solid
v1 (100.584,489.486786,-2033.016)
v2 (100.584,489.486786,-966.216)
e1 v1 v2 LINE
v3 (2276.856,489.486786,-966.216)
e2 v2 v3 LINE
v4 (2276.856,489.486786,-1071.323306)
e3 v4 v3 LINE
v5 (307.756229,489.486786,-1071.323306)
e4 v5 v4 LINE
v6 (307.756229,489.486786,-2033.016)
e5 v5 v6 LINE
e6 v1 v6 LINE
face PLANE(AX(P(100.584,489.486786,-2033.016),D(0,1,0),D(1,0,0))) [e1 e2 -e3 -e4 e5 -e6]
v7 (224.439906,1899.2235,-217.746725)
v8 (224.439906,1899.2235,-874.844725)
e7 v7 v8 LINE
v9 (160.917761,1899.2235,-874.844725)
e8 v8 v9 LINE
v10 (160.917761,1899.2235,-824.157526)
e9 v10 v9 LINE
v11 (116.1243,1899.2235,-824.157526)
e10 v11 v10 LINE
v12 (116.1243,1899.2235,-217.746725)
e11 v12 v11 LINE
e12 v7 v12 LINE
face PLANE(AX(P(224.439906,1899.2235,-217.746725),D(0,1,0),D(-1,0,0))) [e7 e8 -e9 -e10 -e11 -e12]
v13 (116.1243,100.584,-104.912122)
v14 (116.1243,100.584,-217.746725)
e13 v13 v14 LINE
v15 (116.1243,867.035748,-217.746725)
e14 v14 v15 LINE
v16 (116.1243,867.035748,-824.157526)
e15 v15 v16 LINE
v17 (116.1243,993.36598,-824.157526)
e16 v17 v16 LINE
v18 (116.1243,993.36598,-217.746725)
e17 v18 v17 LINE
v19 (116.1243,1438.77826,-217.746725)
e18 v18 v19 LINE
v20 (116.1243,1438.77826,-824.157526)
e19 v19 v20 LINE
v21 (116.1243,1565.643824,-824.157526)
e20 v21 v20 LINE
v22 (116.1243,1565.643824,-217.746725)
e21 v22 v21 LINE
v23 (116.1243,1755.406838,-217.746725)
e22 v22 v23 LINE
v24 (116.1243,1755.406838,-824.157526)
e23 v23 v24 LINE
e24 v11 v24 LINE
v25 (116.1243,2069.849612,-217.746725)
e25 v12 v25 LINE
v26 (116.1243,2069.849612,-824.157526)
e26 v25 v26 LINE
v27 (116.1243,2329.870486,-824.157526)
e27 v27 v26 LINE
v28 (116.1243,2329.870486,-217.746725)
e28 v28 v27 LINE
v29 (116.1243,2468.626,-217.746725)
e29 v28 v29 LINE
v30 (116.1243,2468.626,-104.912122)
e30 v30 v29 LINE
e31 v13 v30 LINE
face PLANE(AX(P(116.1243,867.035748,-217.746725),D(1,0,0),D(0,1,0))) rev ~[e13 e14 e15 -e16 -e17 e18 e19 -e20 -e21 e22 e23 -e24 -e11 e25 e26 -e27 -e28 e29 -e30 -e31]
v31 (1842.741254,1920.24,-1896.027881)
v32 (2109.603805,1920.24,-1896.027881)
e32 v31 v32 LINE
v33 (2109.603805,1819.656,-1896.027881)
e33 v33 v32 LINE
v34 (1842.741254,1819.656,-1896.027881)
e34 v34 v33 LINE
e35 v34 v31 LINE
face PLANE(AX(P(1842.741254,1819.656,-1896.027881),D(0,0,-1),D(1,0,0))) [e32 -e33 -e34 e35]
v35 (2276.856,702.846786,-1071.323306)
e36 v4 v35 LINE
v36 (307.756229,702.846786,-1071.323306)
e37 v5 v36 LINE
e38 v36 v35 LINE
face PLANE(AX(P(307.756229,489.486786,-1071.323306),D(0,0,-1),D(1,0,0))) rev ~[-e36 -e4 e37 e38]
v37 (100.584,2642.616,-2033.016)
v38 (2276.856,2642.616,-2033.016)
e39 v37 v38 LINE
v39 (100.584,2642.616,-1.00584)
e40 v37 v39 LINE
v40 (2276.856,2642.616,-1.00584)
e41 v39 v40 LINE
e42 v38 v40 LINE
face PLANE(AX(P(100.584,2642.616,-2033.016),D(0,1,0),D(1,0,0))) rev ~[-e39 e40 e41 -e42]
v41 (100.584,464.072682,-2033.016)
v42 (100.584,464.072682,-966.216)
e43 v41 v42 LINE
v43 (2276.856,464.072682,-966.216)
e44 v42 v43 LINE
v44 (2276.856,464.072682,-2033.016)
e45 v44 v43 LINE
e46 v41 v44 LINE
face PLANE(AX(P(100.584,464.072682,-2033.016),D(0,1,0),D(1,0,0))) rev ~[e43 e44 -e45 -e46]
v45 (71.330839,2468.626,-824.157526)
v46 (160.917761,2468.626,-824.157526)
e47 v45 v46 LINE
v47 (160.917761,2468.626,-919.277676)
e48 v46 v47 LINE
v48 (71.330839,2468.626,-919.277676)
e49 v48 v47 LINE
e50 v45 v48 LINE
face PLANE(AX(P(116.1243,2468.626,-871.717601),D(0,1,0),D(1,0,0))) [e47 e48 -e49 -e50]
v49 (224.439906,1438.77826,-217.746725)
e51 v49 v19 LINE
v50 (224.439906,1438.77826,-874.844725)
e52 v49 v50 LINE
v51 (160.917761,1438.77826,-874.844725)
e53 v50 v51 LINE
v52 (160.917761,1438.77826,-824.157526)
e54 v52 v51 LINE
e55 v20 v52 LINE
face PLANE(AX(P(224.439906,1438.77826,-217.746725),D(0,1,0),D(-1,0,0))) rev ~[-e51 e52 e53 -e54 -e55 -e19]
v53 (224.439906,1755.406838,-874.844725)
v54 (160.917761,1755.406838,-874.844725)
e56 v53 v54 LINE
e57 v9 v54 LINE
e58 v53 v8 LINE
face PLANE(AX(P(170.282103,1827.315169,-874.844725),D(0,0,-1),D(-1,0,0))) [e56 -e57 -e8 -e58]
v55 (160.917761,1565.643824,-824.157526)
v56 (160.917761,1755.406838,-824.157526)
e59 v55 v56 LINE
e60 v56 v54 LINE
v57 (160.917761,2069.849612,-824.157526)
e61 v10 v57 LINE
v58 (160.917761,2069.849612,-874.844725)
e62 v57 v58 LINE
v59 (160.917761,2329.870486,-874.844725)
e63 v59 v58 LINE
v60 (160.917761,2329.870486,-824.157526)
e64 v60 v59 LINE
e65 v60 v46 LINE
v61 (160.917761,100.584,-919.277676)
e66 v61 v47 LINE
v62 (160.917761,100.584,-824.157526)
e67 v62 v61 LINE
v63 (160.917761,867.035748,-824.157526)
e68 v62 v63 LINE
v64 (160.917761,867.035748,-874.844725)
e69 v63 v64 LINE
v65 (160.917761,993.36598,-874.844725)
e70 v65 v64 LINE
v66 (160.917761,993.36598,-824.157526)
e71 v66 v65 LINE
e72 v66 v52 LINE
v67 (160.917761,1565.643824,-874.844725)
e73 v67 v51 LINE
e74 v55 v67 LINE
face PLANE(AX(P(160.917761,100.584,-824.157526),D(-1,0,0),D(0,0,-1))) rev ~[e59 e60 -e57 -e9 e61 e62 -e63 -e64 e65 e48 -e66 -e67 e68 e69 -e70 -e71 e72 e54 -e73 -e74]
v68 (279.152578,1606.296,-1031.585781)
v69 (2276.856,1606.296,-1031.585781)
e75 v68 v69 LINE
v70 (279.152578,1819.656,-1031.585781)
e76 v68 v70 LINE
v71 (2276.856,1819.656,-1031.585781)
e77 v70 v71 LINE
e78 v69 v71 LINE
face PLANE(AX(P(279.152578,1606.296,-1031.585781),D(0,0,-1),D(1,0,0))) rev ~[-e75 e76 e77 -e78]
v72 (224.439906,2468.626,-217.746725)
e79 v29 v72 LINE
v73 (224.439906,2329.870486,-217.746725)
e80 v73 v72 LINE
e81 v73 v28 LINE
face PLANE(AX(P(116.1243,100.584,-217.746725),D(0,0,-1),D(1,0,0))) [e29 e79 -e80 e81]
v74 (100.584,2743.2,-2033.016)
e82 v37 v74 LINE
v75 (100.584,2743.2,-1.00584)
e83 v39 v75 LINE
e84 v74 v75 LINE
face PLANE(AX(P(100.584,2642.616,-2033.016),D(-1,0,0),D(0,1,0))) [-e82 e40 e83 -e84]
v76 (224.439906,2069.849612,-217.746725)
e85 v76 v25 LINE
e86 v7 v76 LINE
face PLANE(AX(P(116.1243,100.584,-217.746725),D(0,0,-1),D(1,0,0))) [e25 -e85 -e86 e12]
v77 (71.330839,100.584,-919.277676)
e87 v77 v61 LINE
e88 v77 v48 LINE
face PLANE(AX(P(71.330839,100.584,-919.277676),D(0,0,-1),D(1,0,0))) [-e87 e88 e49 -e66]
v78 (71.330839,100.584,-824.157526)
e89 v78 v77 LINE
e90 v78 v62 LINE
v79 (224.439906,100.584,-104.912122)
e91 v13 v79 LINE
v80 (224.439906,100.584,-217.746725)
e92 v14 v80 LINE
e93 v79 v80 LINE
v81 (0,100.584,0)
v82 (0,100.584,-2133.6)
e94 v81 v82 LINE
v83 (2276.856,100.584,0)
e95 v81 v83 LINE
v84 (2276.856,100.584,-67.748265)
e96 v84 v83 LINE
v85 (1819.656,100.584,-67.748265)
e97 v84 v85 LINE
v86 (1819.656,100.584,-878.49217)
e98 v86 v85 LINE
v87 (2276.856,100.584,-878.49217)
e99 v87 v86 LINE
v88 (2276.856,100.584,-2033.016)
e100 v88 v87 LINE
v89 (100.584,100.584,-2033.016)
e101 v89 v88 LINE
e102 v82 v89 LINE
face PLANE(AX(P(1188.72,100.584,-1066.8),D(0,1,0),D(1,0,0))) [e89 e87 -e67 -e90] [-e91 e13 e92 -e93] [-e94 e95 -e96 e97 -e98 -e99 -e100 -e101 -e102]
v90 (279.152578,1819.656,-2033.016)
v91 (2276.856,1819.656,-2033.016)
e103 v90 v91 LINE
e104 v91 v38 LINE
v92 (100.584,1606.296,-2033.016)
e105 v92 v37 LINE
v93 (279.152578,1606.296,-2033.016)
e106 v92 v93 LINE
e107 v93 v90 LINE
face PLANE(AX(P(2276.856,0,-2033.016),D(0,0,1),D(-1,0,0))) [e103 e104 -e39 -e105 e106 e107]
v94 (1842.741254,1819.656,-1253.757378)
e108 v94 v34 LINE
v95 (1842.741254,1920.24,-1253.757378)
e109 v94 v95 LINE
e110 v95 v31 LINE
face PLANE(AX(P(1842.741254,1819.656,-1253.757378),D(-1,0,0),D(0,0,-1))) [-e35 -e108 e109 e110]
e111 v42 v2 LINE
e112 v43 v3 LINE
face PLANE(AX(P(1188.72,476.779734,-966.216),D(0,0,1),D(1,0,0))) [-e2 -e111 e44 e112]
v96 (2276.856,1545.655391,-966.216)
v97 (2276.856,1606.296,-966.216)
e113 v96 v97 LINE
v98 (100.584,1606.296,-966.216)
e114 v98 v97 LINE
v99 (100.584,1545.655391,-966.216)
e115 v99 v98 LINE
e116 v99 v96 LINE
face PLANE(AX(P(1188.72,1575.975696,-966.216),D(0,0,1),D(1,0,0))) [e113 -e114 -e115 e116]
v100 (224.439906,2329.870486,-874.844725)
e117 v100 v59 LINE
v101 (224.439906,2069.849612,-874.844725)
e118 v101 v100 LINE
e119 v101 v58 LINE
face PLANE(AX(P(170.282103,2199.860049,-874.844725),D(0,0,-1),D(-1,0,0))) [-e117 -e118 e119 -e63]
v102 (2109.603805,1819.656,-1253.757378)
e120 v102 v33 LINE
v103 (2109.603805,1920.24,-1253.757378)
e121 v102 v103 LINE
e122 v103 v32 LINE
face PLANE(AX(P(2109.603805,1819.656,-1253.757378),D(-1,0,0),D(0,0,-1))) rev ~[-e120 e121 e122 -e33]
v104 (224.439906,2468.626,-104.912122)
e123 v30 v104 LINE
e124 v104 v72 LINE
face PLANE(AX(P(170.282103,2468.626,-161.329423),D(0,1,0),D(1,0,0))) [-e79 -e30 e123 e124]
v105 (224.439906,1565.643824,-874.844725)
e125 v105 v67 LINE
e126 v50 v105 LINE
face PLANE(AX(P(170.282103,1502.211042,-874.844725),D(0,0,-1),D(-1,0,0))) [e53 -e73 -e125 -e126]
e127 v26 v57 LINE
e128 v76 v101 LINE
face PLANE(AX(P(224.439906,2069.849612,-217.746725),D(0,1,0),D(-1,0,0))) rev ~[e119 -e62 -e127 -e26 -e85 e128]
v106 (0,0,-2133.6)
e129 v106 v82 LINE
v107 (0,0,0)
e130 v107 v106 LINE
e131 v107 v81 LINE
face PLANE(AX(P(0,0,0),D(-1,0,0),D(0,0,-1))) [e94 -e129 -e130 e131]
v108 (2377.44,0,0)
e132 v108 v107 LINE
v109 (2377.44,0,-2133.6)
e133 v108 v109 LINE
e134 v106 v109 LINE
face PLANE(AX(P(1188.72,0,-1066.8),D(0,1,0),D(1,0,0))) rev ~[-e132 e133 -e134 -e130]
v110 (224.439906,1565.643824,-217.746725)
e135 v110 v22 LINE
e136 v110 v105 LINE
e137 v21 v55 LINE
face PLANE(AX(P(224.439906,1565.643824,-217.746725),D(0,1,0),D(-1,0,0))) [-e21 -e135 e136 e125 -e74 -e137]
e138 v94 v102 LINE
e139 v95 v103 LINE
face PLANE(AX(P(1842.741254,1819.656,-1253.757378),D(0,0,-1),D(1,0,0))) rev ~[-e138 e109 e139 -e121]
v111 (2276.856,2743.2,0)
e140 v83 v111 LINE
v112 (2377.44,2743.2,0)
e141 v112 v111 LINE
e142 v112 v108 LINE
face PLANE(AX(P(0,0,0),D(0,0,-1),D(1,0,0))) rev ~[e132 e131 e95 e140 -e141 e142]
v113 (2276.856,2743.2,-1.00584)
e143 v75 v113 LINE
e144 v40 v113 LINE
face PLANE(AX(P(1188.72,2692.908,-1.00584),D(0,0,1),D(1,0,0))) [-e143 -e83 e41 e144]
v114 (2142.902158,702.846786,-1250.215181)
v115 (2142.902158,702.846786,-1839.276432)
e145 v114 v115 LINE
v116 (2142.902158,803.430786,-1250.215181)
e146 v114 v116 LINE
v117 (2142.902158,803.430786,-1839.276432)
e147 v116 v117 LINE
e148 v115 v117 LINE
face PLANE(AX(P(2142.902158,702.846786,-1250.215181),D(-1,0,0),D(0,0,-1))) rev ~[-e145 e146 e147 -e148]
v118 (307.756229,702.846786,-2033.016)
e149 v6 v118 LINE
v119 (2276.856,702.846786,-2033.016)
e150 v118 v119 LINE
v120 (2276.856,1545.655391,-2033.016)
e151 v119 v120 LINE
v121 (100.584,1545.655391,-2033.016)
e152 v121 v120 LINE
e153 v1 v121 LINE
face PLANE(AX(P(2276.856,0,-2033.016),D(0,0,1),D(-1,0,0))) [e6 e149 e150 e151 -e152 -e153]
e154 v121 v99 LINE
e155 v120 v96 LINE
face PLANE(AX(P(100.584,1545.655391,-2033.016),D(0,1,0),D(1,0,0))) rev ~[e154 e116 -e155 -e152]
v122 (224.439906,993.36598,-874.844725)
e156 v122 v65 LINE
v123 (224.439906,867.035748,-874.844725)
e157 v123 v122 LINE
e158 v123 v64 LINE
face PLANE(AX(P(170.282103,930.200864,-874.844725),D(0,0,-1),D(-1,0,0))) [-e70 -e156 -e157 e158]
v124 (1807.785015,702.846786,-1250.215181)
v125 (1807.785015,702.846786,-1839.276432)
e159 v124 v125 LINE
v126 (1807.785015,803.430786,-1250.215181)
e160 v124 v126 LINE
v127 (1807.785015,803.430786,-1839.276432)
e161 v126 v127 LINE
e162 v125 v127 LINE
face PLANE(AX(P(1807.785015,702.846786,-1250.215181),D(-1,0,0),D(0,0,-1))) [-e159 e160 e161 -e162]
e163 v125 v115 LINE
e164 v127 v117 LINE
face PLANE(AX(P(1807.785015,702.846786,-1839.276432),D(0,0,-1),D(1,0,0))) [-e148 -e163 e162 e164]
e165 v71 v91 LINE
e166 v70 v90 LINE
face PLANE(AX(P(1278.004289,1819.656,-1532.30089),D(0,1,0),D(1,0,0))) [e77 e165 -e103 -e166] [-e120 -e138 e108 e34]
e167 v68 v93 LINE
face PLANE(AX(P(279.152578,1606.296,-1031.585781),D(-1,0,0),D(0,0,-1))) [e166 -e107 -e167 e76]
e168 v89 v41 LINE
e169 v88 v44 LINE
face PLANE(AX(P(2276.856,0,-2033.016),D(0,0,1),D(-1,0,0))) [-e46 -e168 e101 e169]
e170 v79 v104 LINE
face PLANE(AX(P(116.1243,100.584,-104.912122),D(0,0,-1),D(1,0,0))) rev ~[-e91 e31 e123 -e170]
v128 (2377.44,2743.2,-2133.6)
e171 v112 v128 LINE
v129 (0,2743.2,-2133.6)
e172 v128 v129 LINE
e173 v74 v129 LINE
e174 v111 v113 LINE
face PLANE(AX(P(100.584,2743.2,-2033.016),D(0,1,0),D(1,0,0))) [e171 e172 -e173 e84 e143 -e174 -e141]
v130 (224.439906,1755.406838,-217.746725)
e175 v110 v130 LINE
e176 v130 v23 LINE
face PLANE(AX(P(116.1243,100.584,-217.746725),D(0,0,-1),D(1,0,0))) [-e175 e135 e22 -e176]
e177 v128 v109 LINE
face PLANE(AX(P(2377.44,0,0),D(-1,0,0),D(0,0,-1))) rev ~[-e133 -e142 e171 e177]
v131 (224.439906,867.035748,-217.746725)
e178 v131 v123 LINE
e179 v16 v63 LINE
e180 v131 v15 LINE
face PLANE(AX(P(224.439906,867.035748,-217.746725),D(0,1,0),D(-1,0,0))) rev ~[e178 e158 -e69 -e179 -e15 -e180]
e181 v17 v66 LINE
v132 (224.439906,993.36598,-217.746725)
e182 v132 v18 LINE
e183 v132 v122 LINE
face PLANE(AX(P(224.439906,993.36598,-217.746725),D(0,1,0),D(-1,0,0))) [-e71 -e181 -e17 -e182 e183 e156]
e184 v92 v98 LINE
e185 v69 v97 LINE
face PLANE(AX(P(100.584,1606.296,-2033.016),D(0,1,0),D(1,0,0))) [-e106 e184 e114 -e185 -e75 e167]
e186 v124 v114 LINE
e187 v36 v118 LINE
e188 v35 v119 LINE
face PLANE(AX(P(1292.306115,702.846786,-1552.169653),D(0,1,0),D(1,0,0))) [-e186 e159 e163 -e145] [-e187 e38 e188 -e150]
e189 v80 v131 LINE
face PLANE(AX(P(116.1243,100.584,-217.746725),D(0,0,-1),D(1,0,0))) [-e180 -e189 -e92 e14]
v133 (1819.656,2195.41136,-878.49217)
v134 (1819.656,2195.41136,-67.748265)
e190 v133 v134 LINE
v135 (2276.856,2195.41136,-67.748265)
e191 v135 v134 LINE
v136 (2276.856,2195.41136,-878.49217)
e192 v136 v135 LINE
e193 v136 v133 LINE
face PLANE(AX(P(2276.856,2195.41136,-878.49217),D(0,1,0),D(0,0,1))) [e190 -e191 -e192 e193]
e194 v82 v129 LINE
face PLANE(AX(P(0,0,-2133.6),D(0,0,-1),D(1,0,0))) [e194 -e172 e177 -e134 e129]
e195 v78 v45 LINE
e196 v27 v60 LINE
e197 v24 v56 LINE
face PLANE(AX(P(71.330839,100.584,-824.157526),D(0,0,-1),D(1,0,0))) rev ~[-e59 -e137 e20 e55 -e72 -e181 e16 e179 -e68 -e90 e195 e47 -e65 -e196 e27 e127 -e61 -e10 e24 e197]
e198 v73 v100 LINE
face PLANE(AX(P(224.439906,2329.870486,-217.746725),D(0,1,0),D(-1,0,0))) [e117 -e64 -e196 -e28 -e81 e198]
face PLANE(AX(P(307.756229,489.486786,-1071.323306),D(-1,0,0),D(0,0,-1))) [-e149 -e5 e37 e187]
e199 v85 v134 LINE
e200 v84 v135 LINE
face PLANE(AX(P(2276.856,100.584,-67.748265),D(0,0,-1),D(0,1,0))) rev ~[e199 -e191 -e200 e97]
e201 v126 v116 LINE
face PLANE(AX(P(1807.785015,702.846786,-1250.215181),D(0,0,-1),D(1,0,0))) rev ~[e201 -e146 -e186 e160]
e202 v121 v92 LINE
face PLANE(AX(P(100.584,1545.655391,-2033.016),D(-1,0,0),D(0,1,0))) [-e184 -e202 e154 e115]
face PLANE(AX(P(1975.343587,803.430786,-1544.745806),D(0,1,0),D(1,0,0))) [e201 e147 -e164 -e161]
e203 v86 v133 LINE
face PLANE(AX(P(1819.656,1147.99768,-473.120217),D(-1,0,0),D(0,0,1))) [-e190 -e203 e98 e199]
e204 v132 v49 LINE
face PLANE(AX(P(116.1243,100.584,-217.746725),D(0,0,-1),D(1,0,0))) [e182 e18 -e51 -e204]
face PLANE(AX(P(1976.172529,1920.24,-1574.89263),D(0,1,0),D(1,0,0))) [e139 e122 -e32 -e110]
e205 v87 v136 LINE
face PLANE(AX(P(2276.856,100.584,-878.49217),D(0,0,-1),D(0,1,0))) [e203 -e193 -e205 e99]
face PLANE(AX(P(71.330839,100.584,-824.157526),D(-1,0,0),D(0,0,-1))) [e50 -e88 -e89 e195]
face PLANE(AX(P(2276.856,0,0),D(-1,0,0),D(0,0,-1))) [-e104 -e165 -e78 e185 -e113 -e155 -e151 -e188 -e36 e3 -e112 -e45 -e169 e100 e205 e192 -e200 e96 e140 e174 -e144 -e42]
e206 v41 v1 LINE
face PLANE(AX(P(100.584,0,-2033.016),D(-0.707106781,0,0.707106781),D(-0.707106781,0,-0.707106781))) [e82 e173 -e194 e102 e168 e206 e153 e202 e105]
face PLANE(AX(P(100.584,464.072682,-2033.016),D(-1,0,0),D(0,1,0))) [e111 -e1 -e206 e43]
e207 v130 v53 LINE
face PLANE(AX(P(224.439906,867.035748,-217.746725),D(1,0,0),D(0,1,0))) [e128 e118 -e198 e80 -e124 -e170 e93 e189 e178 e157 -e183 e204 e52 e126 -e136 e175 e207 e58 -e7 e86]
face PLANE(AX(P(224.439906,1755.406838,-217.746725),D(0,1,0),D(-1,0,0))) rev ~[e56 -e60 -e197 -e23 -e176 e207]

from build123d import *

# Parameters (mm, degrees)
SKETCH1_W            = 2377.44
SKETCH1_H            = 2133.6
BOSS_EXTRUDE1_DEPTH  = 100.584
BOSS_EXTRUDE2_DEPTH  = 2743.2
SKETCH3_W            = 2176.272
SKETCH3_H            = 100.584
BOSS_EXTRUDE3_DEPTH  = 2032.01016
SKETCH4_W            = 2176.272
SKETCH4_H            = 25.414103574
SKETCH4_H_2          = 60.640608873
BOSS_EXTRUDE4_DEPTH  = 1066.8
SKETCH5_W            = 810.743905069
SKETCH5_H            = 2094.827359662
BOSS_EXTRUDE5_DEPTH  = 457.2
SKETCH6_W            = 1997.703421867
SKETCH6_H            = 1001.430219192
BOSS_EXTRUDE6_DEPTH  = 213.36
SKETCH7_W            = 1969.099770792
SKETCH7_H            = 961.692694148
BOSS_EXTRUDE7_DEPTH  = 213.36
SKETCH8_W            = 266.86255044
SKETCH8_H            = 642.270503211
BOSS_EXTRUDE8_DEPTH  = 100.584
SKETCH9_W            = 335.117143437
SKETCH9_H            = 589.061250779
BOSS_EXTRUDE9_DEPTH  = 100.584
SKETCH10_W           = 89.586922485
SKETCH10_H           = 95.120149651
SKETCH10_W_2         = 108.315606024
SKETCH10_H_2         = 112.834603223
BOSS_EXTRUDE10_DEPTH = 2368.042
SKETCH11_W           = 108.315606024
SKETCH11_H           = 126.330231555
SKETCH11_H_2         = 126.865564389
SKETCH11_H_3         = 143.81666183
SKETCH11_H_4         = 260.020873713
BOSS_EXTRUDE11_DEPTH = 657.098


with BuildPart() as part:
    # Sketch1 → Boss-Extrude1 (new body)
    with BuildSketch(Plane(origin=(0, 0, 0), x_dir=(1, 0, 0), z_dir=(0, 1, 0))):
        with Locations((1188.72, 1066.8)):
            Rectangle(SKETCH1_W, SKETCH1_H)
    extrude(amount=BOSS_EXTRUDE1_DEPTH)

    # Sketch2 → Boss-Extrude2 (add)
    with BuildSketch(Plane(origin=(0, 0, 0), x_dir=(1, 0, 0), z_dir=(0, 1, 0))):
        Polygon((0, 2133.6), (100.584, 2133.6), (2377.44, 2133.6), (2377.44, 2033.016), (2377.44, 0), (2276.856, 0), (2276.856, 2033.016), (100.584, 2033.016), align=None)
    extrude(amount=BOSS_EXTRUDE2_DEPTH)

    # Sketch3 → Boss-Extrude3 (add)
    with BuildSketch(Plane.XY.offset(-2033.016)):
        with Locations((1188.72, 2692.908)):
            Rectangle(SKETCH3_W, SKETCH3_H)
    extrude(amount=BOSS_EXTRUDE3_DEPTH)

    # Sketch4 → Boss-Extrude4 (add)
    with BuildSketch(Plane.XY.offset(-2033.016)):
        with Locations((1188.72, 476.779733843)):
            Rectangle(SKETCH4_W, SKETCH4_H)
        with Locations((1188.72, 1575.975695564)):
            Rectangle(SKETCH4_W, SKETCH4_H_2)
    extrude(amount=BOSS_EXTRUDE4_DEPTH)

    # Sketch5 → Boss-Extrude5 (add)
    with BuildSketch(Plane.ZY.offset(-2276.856)):
        with Locations((-473.120217172, 1147.997679831)):
            Rectangle(SKETCH5_W, SKETCH5_H)
    extrude(amount=BOSS_EXTRUDE5_DEPTH)

    # Sketch6 → Boss-Extrude6 (add)
    with BuildSketch(Plane(origin=(0, 1606.296, 0), x_dir=(1, 0, 0), z_dir=(0, 1, 0))):
        with Locations((1278.004289067, 1532.300890404)):
            Rectangle(SKETCH6_W, SKETCH6_H)
    extrude(amount=BOSS_EXTRUDE6_DEPTH)

    # Sketch7 → Boss-Extrude7 (add)
    with BuildSketch(Plane(origin=(0, 489.48678563, 0), x_dir=(1, 0, 0), z_dir=(0, 1, 0))):
        with Locations((1292.306114604, 1552.169652926)):
            Rectangle(SKETCH7_W, SKETCH7_H)
    extrude(amount=BOSS_EXTRUDE7_DEPTH)

    # Sketch8 → Boss-Extrude8 (add)
    with BuildSketch(Plane(origin=(0, 1819.656, 0), x_dir=(1, 0, 0), z_dir=(0, 1, 0))):
        with Locations((1976.172529311, 1574.892629599)):
            Rectangle(SKETCH8_W, SKETCH8_H)
    extrude(amount=BOSS_EXTRUDE8_DEPTH)

    # Sketch9 → Boss-Extrude9 (add)
    with BuildSketch(Plane(origin=(0, 702.84678563, 0), x_dir=(1, 0, 0), z_dir=(0, 1, 0))):
        with Locations((1975.343586519, 1544.745806452)):
            Rectangle(SKETCH9_W, SKETCH9_H)
    extrude(amount=BOSS_EXTRUDE9_DEPTH)

    # Sketch10 → Boss-Extrude10 (add)
    with BuildSketch(Plane(origin=(0, 100.584, 0), x_dir=(1, 0, 0), z_dir=(0, 1, 0))):
        with Locations((116.124300093, 871.717601268)):
            Rectangle(SKETCH10_W, SKETCH10_H)
        with Locations((170.282103105, 161.329423399)):
            Rectangle(SKETCH10_W_2, SKETCH10_H_2)
    extrude(amount=BOSS_EXTRUDE10_DEPTH)

    # Sketch11 → Boss-Extrude11 (add)
    with BuildSketch(Plane(origin=(0, 0, -217.74672501), x_dir=(-1, 0, 0), z_dir=(0, 0, -1))):
        with Locations((-170.282103105, 930.200863925)):
            Rectangle(SKETCH11_W, SKETCH11_H)
        with Locations((-170.282103105, 1502.211041792)):
            Rectangle(SKETCH11_W, SKETCH11_H_2)
        with Locations((-170.282103105, 1827.31516865)):
            Rectangle(SKETCH11_W, SKETCH11_H_3)
        with Locations((-170.282103105, 2199.860048946)):
            Rectangle(SKETCH11_W, SKETCH11_H_4)
    extrude(amount=BOSS_EXTRUDE11_DEPTH)


solid = part.part
